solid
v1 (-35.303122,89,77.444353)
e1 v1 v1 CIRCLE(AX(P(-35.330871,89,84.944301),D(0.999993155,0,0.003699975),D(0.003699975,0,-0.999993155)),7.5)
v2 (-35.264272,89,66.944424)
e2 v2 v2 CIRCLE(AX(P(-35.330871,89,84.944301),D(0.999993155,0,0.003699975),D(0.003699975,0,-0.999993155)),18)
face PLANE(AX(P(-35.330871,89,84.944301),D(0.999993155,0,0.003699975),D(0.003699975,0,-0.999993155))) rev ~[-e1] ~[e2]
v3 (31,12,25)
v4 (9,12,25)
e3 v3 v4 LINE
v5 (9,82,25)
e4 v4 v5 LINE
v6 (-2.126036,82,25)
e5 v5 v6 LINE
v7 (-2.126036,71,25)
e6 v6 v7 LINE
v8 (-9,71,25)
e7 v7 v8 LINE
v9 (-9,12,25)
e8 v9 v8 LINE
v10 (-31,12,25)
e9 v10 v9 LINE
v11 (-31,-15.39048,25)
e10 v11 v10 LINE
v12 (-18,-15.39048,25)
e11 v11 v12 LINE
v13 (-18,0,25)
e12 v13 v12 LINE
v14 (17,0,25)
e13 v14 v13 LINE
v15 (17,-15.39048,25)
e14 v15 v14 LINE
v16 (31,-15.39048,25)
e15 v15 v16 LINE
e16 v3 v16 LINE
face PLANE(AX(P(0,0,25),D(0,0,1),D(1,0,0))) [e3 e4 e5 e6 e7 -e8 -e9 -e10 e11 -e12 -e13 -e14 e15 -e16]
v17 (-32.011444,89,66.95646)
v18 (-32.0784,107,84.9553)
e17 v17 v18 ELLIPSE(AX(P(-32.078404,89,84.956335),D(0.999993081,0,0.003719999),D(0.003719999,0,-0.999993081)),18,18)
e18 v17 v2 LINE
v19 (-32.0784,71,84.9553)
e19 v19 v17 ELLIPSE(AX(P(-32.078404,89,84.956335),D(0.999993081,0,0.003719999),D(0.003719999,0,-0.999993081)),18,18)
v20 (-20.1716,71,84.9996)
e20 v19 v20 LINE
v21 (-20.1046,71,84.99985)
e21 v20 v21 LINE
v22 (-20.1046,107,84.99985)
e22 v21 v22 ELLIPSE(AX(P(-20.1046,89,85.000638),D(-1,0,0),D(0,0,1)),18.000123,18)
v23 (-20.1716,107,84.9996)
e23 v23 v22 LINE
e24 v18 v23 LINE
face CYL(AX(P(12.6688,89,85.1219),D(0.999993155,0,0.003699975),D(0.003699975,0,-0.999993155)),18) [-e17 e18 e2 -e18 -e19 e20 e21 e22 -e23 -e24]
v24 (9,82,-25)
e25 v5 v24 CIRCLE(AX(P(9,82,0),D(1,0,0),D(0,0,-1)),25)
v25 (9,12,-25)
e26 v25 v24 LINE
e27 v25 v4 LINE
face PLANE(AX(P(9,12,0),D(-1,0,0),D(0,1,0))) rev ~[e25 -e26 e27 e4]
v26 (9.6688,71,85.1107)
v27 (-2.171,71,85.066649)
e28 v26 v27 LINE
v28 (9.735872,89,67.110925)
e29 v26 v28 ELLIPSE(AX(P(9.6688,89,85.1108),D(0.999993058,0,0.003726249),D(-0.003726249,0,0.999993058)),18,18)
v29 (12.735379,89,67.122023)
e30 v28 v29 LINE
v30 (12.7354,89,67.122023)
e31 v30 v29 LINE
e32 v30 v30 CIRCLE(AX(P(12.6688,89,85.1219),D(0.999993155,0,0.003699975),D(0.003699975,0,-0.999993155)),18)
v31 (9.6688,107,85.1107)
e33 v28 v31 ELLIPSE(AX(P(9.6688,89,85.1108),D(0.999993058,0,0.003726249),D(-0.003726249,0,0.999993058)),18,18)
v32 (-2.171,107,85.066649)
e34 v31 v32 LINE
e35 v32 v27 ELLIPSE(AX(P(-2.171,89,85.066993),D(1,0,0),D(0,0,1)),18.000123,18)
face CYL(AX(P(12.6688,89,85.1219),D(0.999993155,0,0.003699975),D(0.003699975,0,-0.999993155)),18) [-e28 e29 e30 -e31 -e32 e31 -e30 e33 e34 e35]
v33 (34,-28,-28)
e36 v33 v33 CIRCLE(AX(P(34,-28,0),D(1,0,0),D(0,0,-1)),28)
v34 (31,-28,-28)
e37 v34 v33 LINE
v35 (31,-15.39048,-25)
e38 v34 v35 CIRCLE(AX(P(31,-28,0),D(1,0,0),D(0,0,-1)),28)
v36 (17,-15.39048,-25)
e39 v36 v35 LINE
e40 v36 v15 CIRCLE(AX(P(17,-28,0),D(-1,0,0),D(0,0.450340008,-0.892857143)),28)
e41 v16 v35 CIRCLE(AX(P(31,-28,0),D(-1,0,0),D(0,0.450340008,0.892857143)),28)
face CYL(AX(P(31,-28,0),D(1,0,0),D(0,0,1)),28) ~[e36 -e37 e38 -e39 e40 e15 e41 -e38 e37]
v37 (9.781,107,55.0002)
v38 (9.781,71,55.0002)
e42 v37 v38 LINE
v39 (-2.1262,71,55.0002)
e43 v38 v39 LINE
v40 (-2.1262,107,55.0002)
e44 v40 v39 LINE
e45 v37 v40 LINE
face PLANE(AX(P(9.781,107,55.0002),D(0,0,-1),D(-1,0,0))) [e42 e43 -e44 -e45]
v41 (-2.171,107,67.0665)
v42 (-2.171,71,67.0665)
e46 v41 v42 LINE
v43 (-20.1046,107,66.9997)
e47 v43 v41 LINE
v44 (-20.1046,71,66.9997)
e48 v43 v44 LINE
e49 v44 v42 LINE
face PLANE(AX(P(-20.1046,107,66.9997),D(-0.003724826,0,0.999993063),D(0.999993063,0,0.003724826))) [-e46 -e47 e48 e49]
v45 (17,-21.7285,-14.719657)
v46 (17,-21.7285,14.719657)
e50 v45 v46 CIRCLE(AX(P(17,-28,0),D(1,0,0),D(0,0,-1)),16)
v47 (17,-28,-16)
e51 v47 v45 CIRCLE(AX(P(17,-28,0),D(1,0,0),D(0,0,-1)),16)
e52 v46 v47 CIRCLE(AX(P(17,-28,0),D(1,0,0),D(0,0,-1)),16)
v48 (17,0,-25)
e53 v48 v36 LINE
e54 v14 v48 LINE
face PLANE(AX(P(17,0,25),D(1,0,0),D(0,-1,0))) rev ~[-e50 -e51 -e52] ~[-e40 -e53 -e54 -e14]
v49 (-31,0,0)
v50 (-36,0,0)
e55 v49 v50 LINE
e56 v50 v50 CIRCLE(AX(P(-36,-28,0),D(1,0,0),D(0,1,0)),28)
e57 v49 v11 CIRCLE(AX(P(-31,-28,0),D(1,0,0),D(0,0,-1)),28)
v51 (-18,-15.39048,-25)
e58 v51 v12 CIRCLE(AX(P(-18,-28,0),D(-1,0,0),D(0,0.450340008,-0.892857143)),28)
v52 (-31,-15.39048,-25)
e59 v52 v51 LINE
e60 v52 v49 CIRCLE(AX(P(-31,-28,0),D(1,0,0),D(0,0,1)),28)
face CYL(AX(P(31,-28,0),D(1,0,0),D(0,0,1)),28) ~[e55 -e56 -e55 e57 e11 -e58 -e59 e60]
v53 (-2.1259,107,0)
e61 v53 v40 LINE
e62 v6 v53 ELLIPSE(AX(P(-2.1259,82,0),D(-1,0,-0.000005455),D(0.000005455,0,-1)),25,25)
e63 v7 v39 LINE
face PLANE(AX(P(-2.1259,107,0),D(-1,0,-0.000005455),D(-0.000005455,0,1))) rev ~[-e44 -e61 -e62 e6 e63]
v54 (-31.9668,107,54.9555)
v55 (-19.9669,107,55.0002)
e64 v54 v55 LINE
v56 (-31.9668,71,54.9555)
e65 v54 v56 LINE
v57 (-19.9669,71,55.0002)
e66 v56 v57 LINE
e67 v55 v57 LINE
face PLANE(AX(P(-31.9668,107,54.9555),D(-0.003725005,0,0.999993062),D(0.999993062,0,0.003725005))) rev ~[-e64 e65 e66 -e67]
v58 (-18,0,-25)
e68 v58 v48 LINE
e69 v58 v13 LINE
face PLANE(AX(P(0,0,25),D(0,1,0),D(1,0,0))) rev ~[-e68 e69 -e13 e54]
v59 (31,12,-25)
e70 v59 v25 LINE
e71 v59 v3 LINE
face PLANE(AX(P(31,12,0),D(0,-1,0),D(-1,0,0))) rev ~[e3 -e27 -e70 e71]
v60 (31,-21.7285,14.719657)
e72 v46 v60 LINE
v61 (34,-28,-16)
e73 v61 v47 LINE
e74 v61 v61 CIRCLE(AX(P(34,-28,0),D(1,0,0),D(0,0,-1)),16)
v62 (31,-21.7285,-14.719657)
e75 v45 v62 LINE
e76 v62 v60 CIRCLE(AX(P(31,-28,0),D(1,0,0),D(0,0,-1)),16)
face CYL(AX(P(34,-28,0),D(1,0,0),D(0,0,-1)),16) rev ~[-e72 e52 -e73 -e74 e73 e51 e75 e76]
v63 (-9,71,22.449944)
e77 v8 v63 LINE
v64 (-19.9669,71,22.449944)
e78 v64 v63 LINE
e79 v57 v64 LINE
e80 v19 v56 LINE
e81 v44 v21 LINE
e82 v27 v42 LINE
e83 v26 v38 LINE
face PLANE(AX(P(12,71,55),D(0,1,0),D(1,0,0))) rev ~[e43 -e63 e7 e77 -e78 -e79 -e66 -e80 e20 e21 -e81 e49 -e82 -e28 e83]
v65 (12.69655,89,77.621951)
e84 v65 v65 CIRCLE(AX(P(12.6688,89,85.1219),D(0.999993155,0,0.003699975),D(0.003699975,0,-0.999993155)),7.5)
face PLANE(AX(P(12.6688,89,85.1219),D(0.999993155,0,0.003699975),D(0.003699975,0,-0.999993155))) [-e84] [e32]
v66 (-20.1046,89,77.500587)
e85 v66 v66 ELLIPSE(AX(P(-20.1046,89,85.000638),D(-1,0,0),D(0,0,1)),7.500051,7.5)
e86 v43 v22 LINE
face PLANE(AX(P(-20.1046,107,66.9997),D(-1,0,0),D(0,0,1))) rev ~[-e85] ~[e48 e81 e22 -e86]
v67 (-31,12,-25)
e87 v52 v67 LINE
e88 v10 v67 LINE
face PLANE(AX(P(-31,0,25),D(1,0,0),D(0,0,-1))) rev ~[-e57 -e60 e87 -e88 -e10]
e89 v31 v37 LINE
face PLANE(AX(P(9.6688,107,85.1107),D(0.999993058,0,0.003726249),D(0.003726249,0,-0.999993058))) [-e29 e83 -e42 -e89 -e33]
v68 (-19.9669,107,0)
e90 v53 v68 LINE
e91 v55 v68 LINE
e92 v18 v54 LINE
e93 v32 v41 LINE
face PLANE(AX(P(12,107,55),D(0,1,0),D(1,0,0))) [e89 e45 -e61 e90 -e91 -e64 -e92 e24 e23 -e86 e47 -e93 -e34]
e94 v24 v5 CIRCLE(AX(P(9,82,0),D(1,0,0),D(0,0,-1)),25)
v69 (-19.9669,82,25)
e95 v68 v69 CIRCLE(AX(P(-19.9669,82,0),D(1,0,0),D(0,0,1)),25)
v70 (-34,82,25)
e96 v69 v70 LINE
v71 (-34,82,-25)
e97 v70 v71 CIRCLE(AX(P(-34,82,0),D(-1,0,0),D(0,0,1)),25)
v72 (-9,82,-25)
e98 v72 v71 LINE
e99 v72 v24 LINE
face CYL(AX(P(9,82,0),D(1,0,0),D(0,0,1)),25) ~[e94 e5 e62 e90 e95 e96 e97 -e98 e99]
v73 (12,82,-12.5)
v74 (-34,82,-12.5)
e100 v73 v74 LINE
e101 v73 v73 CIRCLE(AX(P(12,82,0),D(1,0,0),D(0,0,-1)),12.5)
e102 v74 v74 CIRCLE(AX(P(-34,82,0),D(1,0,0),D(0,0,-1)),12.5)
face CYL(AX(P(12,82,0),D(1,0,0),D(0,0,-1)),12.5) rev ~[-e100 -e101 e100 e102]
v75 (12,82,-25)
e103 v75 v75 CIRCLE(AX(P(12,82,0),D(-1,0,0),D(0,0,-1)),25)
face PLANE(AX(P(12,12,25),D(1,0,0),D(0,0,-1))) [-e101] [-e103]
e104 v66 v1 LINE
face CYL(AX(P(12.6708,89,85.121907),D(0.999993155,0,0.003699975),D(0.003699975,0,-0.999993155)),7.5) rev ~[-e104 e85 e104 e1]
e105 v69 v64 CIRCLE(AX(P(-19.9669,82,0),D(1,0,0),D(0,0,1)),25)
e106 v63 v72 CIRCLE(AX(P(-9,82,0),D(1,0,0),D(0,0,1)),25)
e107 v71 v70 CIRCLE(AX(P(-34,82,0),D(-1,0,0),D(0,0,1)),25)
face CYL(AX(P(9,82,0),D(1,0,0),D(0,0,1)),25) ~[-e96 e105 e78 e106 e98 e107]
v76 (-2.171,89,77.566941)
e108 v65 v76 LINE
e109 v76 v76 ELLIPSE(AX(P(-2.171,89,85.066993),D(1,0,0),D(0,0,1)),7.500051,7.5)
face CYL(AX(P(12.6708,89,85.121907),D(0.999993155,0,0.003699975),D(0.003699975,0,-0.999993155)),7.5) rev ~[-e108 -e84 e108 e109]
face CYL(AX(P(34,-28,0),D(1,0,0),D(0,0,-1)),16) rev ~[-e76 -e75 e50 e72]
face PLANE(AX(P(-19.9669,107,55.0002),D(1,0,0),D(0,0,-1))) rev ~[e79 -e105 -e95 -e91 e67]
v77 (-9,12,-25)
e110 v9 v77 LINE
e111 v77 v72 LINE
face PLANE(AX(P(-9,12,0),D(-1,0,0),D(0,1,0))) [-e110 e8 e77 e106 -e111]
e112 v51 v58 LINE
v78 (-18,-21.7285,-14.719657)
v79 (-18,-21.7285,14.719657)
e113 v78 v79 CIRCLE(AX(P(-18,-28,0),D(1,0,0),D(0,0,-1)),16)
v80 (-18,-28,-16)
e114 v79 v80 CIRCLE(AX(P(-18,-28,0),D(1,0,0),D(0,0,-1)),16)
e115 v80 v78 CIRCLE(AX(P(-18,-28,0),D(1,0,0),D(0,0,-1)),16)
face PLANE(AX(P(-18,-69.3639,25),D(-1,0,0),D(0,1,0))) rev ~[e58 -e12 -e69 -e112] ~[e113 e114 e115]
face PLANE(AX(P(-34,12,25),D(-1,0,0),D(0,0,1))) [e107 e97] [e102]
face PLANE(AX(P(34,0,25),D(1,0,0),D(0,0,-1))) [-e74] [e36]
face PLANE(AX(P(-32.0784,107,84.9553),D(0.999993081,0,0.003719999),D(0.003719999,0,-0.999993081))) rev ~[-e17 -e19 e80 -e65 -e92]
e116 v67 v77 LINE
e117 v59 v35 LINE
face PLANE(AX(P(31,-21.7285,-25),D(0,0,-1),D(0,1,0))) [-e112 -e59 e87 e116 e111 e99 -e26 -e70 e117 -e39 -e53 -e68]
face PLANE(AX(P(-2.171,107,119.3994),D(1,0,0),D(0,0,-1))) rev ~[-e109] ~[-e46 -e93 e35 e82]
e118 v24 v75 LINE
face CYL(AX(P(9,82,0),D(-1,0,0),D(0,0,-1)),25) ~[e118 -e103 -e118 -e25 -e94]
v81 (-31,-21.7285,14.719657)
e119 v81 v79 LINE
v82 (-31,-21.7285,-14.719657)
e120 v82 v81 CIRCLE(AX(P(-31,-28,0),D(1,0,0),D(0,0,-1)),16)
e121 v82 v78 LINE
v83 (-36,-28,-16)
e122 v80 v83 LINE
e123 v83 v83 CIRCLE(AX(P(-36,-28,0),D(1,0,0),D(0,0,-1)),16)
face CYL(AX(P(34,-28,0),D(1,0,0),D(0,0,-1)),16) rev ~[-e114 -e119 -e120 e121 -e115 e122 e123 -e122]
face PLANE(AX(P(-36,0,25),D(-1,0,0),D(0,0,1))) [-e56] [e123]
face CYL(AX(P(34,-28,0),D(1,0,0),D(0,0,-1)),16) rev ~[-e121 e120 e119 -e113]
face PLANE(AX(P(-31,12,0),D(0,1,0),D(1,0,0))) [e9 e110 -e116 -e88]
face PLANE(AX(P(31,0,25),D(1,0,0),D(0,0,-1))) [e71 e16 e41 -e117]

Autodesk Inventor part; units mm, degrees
ref_plane "YZ Plane" through (0, 0, 0) normal (1, 0, 0) x (0, 1, 0)
ref_plane "XZ Plane" through (0, 0, 0) normal (0, 1, 0) x (-1, 0, 0)
sketch "Sketch1" plane through (0, 0, 0) normal (0, 0, 1) x (1, 0, 0)
  line L0 (31, 0) -> (31, 12)
  line L1 (31, 12) -> (9, 12)
  line L2 (9, 12) -> (9, 82)
  line L3 (31, 0) -> (17, 0)
  line L4 (17, 0) -> (0, 0)
  line L5 (9, 82) -> (0, 82)
  line L6 (-31, 0) -> (-31, 12)
  line L7 (-31, 12) -> (-9, 12)
  line L8 (-9, 12) -> (-9, 82)
  line L9 (-31, 0) -> (-17, 0)
  line L10 (-17, 0) -> (0, 0)
  line L11 (-9, 82) -> (0, 82)
  point P0 (0, 0)
  dimension "d7" = 14
  dimension "d8" = 17
  dimension "d10" = 70
  dimension "d11" = 22
  dimension "d12" = 12
  dimension "d13" = 18
extrude "Extrusion1" add sketch "Sketch1" along normal mid plane 50
sketch "Sketch2" plane through (31, 0, 25) normal (1, 0, 0) x (0, 0, -1)
  line L0 (50, 82) -> (0, 82) projected
  circle A0 centre (25, -28) radius 28
  point P0 (25, 0)
  dimension "d17" = 56
extrude "Extrusion2" add sketch "Sketch2" along normal blind 3
sketch "Sketch3" plane through (31, 0, 25) normal (-1, 0, 0) x (0, 0, 1)
  arc A0 (-53, -28) -> (-25, 0) centre (-25, -28) ccw projected
  circle A1 centre (-25, -28) radius 28
  point P0 (-25, 0)
extrude "Extrusion3" add sketch "Sketch3" along normal blind 67
sketch "Sketch5" plane through (9, 12, 25) normal (1, 0, 0) x (0, 0, -1)
  line L0 (50, 70) -> (0, 70) projected
  circle A0 centre (25, 70) radius 25
  point P0 (25, -12)
  dimension "d24" = 50
extrude "Extrusion5" add sketch "Sketch5" along normal blind 3
sketch "Sketch6" plane through (9, 12, 25) normal (-1, 0, 0) x (0, 0, 1)
  arc A0 (0, 70) -> (-50, 70) centre (-25, 70) ccw projected
  circle A1 centre (-25, 70) radius 25
  point P0 (-25, -12)
  point P1 (0, 70)
extrude "Extrusion6" add sketch "Sketch6" along normal blind 43
sketch "Sketch7" plane through (-31, 12, 25) normal (0, 1, 0) x (1, 0, 0)
  point P0 (31, 25)
ref_plane "Work Plane1" through (12, 107, 55) normal (0, 1, 0) x (1, 0, 0)
sketch "Sketch10" plane through (12, 107, 55) normal (0, 1, 0) x (1, 0, 0)
  line L0 (-2.3312, -30.1107) -> (-2.219, -0.0002)
  line L1 (-2.219, -0.0002) -> (-14.1262, -0.0002)
  line L2 (-2.3312, -30.1107) -> (-14.238, -30.0664)
  line L3 (-44.0784, -29.9553) -> (-43.9668, 0.0445)
  line L4 (-43.9668, 0.0445) -> (-31.9669, -0.0002)
  line L5 (-44.0784, -29.9553) -> (-32.1716, -29.9996)
  line L6 (-14.1259, 55) -> (-31.9669, 55)
  line L7 (-2.219, 29.9997) -> (52.781, 29.9997) construction
  line L8 (-31.9669, -0.0002) -> (-31.9669, 55)
  line L9 (-14.1259, 55) -> (-14.1262, -0.0002)
  line L10 (-32.1716, -29.9996) -> (-14.238, -30.0664)
extrude "Extrusion8" add sketch "Sketch10" against normal blind 36
sketch "Sketch12" plane through (12, 82, 0) normal (1, 0, 0) x (0, 0, -1)
  circle A0 centre (0, 0) radius 12.5
  point P0 (0, -82)
  dimension "d48" = 25
sketch "Sketch13" plane through (34, -28, 0) normal (1, 0, 0) x (0, 0, -1)
  circle A0 centre (0, 0) radius 16
  point P0 (0, 28)
  dimension "d49" = 32
sketch "Sketch15" plane through (9.6688, 71, 85.1107) normal (1, 0, 0.0037) x (0.0037, 0, -1)
  line L0 (-0.0001, 36) -> (-0.0001, 0) projected
  circle A0 centre (-0.0001, 18) radius 18
  point P0 (85.0741, -71)
extrude "Extrusion9" add sketch "Sketch15" along normal blind 3
sketch "Sketch16" plane through (12.6688, 89, 85.1219) normal (1, 0, 0.0037) x (0.0037, 0, -1)
  circle A0 centre (0, 0) radius 18
  point P0 (85.0741, -89)
extrude "Extrusion10" add sketch "Sketch16" against normal blind 48
sketch "Sketch17" plane through (12, 107, 55) normal (0, 1, 0) x (1, 0, 0)
  line L0 (-32.1046, -11.9997) -> (-14.171, -12.0665) projected
  line L1 (-32.1046, -11.9997) -> (-32.1046, -64.3994)
  line L2 (-32.1046, -64.3994) -> (-14.171, -64.3994)
  line L3 (-14.171, -64.3994) -> (-14.171, -12.0665)
  line L4 (-14.171, -12.0665) -> (-32.1046, -11.9997)
  point P0 (-12, 55)
extrude "Extrusion11" cut sketch "Sketch17" against normal blind 48
sketch "Sketch18" plane through (12.6688, 89, 85.1219) normal (1, 0, 0.0037) x (0.0037, 0, -1)
  circle A0 centre (0, 0) radius 7.5
  point P0 (85.0741, -89)
  dimension "d56" = 15
extrude "Extrusion12" cut sketch "Sketch18" against normal blind 70
extrude "Extrusion13" cut sketch "Sketch12" against normal blind 70
extrude "Extrusion14" cut sketch "Sketch13" against normal blind 70
sketch "Sketch19" plane through (31, 0, 25) normal (1, 0, 0) x (0, 0, -1)
  line L0 (50, 12) -> (0, 12) projected
  line L1 (0, 12) -> (0, -21.7285)
  line L2 (0, -21.7285) -> (50, -21.7285)
  line L3 (50, -21.7285) -> (50, 12)
  line L4 (50, 12) -> (0, 12)
  point P0 (25, 0)
extrude "Extrusion15" add sketch "Sketch19" against normal blind 62
sketch "Sketch20" plane through (34, -28, 0) normal (1, 0, 0) x (0, 0, -1)
  circle A0 centre (0, 0) radius 16
  point P0 (0, 28)
extrude "Extrusion16" cut sketch "Sketch20" against normal blind 70
sketch "Sketch21" plane through (0, 0, 25) normal (0, 0, 1) x (1, 0, 0)
  line L0 (0, 0) -> (17, 0)
  line L1 (17, 0) -> (17, -69.3639)
  line L2 (17, -69.3639) -> (-1, -69.3639)
  line L3 (-1, -69.3639) -> (-18, -69.3639)
  line L4 (-18, -69.3639) -> (-18, 0)
  line L5 (-18, 0) -> (0, 0)
  dimension "d67" = 17
  dimension "d68" = 17
extrude "Extrusion17" cut sketch "Sketch21" along normal mid plane 150
properties part number "Sólido 2"
